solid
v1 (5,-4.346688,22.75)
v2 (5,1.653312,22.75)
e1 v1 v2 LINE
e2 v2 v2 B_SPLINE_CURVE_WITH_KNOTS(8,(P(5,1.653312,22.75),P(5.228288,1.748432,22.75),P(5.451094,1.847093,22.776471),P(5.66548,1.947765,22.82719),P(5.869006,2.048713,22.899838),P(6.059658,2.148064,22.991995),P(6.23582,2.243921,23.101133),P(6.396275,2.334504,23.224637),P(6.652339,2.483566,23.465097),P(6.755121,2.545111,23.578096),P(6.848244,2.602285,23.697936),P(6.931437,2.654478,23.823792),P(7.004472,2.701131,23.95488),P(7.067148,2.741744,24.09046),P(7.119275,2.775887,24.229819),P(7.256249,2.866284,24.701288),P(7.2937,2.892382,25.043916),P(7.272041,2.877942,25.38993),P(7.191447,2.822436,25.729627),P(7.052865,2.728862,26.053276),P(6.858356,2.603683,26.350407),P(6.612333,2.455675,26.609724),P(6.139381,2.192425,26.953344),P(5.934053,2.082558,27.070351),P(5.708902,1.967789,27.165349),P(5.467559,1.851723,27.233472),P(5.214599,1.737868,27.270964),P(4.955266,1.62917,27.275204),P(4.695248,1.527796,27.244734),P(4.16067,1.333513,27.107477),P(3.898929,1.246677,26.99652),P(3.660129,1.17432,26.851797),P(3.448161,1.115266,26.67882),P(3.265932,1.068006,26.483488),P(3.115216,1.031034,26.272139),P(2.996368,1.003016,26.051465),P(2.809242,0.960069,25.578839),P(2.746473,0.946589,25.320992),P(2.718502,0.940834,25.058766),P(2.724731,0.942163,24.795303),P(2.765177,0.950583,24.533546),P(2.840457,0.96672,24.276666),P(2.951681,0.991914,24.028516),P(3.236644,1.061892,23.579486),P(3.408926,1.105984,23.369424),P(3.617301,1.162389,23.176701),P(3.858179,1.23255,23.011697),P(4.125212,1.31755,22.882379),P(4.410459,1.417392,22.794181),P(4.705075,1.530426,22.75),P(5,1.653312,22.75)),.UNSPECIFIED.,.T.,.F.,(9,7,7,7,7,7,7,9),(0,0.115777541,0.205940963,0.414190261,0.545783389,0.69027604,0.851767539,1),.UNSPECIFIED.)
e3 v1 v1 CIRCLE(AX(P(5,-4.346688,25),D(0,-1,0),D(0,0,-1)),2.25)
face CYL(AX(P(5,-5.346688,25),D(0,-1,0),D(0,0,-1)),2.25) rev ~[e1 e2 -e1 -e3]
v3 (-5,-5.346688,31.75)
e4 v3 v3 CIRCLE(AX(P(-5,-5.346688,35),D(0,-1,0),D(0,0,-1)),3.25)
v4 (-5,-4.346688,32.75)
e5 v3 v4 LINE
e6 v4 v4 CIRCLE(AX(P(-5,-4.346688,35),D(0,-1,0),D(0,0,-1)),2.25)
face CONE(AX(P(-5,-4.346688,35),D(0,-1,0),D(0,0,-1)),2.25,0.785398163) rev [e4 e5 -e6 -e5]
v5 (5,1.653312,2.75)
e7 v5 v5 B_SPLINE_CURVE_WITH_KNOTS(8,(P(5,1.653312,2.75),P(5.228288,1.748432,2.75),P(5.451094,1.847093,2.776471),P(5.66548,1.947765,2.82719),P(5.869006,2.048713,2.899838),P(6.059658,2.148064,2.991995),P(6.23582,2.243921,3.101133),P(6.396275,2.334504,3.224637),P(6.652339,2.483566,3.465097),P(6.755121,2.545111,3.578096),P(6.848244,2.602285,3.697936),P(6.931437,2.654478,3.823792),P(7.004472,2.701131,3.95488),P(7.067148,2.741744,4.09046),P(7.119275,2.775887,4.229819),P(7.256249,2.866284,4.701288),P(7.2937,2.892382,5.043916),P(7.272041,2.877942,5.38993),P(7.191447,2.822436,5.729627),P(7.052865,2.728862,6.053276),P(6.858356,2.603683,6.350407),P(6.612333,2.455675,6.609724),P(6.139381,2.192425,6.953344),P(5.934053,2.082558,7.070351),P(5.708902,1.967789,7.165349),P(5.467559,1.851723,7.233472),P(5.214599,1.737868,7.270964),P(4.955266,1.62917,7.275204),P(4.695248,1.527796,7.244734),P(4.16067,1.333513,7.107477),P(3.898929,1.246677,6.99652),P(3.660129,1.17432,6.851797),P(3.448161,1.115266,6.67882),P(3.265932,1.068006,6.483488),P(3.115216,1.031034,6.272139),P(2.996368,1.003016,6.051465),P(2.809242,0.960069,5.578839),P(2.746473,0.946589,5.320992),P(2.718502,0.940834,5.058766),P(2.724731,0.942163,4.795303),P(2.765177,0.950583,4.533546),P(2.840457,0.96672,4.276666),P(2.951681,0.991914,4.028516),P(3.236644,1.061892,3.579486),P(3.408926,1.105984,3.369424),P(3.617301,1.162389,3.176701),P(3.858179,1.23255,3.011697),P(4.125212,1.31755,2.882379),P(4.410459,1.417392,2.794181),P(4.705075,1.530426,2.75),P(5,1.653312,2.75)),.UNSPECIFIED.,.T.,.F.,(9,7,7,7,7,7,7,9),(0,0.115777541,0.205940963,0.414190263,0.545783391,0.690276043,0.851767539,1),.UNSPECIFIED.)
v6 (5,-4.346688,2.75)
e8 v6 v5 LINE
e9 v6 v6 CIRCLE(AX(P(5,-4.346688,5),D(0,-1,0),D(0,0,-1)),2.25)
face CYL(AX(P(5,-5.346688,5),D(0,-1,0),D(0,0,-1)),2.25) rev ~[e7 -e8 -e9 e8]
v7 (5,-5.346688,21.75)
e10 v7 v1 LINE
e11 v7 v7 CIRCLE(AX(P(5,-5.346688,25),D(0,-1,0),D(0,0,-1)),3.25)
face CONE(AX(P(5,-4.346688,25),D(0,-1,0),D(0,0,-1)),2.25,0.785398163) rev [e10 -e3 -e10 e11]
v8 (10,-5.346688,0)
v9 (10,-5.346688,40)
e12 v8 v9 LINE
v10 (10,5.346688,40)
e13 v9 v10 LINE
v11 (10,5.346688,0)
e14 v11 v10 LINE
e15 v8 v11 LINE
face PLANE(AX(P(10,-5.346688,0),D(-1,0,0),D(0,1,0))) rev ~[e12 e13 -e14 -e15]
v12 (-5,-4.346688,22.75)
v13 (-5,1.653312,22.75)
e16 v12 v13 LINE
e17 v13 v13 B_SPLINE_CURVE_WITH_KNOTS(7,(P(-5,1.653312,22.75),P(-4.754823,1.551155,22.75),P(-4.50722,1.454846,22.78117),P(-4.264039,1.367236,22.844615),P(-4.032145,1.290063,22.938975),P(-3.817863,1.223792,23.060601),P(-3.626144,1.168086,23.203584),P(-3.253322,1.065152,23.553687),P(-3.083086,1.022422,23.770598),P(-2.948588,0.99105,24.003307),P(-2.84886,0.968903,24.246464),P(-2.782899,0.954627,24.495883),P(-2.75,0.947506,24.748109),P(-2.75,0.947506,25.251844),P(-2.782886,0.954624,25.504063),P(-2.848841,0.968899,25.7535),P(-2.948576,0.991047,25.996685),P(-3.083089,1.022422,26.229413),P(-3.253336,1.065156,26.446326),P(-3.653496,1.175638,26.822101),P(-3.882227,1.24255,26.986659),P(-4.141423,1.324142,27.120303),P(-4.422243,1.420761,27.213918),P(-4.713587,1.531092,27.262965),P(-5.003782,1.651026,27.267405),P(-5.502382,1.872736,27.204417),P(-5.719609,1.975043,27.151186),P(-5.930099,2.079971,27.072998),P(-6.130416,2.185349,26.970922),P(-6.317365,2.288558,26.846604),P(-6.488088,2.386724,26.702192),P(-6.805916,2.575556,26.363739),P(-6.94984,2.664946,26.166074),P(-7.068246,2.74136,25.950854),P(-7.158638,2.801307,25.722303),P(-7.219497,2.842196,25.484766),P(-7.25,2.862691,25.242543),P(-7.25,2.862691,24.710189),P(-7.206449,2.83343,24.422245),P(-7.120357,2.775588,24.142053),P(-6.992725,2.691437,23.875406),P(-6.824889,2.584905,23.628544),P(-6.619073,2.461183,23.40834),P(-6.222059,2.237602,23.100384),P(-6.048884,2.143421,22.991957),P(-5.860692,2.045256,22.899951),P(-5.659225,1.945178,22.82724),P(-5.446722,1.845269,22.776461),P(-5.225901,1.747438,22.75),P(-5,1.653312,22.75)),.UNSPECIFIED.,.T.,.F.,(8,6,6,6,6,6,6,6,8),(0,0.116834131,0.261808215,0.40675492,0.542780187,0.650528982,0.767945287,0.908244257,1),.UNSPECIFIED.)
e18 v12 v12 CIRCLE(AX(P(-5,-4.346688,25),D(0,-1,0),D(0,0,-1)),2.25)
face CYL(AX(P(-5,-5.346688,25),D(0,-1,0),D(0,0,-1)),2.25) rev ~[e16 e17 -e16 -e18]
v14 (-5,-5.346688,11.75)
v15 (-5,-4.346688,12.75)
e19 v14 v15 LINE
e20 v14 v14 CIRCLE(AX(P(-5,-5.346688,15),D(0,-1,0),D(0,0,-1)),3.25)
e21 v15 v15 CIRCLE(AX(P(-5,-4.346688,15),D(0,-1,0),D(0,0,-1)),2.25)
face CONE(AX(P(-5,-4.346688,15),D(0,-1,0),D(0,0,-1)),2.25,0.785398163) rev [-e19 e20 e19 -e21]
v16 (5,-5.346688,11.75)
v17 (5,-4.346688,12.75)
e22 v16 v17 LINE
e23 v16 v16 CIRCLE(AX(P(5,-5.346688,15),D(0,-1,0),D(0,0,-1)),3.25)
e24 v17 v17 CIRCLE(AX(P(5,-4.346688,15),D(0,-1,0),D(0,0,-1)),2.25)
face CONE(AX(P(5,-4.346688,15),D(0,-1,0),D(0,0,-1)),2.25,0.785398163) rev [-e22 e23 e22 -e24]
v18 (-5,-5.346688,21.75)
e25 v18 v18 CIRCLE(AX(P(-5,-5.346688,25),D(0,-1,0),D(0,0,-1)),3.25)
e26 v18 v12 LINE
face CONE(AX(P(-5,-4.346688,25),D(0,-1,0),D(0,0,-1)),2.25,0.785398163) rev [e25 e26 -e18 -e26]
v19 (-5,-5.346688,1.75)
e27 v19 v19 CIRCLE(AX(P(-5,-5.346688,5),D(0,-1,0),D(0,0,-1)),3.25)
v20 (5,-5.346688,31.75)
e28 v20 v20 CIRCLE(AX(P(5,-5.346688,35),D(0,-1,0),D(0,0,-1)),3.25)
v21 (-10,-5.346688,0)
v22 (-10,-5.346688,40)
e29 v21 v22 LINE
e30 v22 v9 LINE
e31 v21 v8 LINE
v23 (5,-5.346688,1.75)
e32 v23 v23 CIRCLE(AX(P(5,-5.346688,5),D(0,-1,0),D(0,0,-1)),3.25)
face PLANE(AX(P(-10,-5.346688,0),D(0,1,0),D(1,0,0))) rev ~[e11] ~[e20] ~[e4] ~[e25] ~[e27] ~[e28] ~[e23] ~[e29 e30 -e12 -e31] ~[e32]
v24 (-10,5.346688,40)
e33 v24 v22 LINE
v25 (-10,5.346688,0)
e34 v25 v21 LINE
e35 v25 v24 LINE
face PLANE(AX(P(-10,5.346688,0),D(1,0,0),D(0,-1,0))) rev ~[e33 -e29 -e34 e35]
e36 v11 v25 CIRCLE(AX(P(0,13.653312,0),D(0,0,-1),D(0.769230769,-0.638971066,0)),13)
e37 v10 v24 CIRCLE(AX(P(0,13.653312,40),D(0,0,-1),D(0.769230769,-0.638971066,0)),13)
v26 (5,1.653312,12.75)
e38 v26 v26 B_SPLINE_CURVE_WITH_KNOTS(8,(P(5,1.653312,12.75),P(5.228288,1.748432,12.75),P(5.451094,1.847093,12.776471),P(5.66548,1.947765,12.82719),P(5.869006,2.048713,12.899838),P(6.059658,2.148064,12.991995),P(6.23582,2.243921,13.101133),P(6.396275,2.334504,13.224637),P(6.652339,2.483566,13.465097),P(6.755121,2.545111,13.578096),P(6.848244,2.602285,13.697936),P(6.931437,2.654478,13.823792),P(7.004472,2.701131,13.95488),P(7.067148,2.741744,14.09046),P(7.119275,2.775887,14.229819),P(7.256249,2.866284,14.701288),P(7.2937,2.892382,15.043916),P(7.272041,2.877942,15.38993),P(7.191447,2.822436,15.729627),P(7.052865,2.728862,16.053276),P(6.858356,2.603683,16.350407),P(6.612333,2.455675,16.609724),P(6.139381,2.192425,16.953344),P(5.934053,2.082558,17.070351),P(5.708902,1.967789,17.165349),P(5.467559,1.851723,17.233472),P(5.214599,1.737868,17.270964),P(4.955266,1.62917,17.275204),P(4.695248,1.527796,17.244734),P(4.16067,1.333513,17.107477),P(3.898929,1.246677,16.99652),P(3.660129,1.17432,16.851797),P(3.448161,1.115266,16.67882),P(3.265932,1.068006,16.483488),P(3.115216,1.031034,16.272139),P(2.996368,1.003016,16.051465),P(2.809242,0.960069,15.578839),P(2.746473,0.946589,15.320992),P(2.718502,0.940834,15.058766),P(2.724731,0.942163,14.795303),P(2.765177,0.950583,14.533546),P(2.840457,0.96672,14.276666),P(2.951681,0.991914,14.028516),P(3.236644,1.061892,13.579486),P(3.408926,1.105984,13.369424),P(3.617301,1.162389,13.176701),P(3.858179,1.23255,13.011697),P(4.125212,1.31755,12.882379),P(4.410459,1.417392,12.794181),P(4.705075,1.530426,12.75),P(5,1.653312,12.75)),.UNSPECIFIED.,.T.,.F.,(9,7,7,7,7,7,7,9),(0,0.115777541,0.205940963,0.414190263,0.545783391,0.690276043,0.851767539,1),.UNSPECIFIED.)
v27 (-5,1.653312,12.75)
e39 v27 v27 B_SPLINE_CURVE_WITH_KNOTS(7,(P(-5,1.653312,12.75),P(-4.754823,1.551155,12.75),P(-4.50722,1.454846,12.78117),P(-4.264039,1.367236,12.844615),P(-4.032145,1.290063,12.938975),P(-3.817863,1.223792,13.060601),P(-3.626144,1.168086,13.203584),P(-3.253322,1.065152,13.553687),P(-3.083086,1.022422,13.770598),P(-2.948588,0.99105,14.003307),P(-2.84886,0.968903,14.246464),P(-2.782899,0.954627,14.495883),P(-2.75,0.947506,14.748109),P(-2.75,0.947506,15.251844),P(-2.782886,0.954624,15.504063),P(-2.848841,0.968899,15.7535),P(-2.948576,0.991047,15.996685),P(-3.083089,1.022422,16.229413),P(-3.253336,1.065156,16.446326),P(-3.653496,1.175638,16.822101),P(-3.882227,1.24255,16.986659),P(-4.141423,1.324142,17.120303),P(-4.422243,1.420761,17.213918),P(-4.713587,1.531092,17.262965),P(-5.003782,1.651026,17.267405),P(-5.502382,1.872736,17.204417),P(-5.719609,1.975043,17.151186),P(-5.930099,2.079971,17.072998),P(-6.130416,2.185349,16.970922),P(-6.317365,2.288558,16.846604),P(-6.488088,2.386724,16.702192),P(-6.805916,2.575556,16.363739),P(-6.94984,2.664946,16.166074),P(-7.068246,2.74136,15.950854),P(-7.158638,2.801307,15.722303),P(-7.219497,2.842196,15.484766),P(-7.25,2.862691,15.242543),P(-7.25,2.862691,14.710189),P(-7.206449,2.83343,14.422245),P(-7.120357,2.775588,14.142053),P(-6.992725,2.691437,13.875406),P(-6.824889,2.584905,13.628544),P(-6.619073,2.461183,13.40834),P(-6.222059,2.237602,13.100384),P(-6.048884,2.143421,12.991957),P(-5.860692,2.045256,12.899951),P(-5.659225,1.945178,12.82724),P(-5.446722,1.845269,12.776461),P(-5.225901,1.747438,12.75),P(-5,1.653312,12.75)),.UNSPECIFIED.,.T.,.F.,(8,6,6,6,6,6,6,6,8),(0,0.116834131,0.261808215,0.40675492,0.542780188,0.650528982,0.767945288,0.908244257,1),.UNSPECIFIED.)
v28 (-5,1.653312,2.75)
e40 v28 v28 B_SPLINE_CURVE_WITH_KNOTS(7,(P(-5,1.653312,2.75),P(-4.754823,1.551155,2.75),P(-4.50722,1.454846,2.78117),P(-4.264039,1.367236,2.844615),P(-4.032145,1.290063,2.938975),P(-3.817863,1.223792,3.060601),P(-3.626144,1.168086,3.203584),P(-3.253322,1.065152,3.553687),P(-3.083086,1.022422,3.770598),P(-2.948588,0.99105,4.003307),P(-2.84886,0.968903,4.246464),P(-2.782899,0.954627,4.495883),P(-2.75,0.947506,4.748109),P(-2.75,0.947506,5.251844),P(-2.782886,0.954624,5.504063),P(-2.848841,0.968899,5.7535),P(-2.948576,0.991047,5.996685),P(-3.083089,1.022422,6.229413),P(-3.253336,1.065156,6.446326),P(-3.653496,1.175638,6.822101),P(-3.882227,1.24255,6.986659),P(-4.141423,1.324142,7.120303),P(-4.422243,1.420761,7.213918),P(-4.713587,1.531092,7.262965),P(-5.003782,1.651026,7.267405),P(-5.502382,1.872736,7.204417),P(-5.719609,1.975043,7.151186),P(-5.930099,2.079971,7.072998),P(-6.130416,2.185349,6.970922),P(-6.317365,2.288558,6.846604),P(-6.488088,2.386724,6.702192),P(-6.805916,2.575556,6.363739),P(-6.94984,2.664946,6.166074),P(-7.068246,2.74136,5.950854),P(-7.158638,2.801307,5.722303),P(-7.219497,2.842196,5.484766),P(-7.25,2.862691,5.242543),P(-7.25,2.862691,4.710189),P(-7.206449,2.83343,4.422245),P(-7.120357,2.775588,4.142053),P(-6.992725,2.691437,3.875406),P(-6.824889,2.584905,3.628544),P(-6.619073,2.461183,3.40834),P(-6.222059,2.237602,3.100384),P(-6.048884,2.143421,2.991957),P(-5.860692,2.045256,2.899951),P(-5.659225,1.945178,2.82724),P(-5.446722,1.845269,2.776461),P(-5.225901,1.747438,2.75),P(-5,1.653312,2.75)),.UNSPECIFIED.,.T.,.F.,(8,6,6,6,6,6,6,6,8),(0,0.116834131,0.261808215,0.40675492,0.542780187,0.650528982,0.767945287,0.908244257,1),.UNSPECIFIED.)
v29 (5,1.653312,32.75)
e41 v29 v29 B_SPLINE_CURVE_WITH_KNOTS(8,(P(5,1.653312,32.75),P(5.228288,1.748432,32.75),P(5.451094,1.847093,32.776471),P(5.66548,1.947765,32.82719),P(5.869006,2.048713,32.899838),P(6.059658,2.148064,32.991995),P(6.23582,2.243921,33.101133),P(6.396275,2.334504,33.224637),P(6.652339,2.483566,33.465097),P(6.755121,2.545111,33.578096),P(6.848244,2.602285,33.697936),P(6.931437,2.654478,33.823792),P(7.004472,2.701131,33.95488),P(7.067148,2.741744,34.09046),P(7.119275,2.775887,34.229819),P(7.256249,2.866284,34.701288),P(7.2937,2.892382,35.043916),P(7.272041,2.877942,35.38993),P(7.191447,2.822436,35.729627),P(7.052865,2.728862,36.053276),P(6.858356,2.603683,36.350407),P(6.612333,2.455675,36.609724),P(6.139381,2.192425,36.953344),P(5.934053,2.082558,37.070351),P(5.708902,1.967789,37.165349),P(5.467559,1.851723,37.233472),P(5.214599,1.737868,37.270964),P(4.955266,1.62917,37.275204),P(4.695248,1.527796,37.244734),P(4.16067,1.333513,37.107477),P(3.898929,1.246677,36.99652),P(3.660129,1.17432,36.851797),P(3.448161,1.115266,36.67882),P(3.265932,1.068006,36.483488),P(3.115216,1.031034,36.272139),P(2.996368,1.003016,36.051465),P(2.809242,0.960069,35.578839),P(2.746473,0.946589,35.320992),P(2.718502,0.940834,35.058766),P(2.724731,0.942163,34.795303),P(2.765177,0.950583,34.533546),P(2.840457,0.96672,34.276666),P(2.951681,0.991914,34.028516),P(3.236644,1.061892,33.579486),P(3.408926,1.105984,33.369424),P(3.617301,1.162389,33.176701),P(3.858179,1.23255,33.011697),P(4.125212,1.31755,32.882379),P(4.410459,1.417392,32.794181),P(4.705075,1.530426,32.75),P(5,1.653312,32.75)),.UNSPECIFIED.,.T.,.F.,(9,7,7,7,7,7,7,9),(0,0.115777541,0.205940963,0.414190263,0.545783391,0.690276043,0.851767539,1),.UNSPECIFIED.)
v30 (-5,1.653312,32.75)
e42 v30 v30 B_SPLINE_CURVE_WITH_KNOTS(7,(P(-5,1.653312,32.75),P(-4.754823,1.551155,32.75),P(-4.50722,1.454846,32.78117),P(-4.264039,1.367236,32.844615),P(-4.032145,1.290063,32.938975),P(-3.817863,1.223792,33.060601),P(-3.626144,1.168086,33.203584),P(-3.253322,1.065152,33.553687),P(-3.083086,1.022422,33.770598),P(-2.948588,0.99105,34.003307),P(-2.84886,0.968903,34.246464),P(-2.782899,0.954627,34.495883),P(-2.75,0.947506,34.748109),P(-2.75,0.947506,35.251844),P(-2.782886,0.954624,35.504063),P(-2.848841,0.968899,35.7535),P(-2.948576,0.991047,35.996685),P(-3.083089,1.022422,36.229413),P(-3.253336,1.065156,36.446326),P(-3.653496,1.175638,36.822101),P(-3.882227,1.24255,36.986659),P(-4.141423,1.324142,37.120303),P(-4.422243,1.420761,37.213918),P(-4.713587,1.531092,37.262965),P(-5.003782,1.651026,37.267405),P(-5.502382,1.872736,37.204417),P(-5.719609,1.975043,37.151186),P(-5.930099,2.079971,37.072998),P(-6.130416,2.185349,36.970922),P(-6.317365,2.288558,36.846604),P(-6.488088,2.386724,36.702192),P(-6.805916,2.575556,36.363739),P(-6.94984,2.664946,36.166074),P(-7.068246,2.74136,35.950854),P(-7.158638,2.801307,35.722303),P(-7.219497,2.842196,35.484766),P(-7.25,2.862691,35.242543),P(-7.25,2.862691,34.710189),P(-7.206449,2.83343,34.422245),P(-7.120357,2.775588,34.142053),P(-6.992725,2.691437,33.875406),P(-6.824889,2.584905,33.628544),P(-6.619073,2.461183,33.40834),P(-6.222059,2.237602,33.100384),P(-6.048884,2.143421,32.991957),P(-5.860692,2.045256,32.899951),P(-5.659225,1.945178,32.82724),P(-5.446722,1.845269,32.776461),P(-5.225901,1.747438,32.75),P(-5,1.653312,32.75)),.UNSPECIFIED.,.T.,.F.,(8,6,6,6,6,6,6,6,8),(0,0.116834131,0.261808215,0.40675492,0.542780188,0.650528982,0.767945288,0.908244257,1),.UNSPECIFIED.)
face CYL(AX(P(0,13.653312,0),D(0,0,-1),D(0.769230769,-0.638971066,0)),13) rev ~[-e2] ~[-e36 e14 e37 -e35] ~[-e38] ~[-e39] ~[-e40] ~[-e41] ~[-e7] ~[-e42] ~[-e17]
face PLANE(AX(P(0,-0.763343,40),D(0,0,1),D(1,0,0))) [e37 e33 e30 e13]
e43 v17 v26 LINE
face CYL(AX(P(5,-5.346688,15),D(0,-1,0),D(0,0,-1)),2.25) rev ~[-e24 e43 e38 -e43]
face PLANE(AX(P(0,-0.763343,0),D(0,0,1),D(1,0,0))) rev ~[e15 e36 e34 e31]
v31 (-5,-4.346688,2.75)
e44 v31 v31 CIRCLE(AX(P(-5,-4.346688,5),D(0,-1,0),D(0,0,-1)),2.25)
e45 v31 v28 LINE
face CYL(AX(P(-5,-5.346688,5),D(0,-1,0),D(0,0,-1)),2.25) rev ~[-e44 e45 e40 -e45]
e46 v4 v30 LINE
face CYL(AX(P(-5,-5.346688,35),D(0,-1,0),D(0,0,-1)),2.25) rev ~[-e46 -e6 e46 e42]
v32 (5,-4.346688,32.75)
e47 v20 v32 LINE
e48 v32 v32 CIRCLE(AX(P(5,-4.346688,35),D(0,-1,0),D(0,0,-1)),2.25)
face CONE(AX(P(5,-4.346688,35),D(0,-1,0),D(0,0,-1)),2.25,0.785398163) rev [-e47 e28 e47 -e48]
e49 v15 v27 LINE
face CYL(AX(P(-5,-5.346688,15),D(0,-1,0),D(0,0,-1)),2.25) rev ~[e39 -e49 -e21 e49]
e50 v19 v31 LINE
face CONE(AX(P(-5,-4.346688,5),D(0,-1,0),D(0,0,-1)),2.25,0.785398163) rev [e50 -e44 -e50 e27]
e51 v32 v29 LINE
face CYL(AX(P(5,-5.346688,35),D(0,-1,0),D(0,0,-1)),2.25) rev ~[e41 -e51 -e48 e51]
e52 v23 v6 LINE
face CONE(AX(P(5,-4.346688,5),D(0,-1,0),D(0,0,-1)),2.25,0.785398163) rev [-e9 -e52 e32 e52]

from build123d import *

# Parameters (mm, degrees)
BOSS_EXTRUDE1_DEPTH = 40
SKETCH2_R           = 2.25
CUT_EXTRUDE1_DEPTH  = 43.595167487
CHAMFER1_SIZE       = 1


with BuildPart() as part:
    # Sketch1 → Boss-Extrude1 (new body)
    with BuildSketch(Plane.XY):
        with BuildLine():
            Line((-10, -5.346688069), (10, -5.346688069))
            Line((10, -5.346688069), (10, 5.346688069))
            ThreePointArc((10, 5.346688069), (0, 0.653311931), (-10, 5.346688069))
            Line((-10, 5.346688069), (-10, -5.346688069))
        make_face()
    extrude(amount=BOSS_EXTRUDE1_DEPTH)

    # Sketch2 → Cut-Extrude1 (cut, through all)
    with BuildSketch(Plane.XZ.offset(5.346688069)):
        with Locations(Location((5, 5, 0), (0, 0, 270))):
            Circle(SKETCH2_R)
        with Locations(Location((-5, 5, 0), (0, 0, 270))):
            Circle(SKETCH2_R)
        with Locations(Location((-5, 15, 0), (0, 0, 270))):
            Circle(SKETCH2_R)
        with Locations(Location((5, 15, 0), (0, 0, 270))):
            Circle(SKETCH2_R)
        with Locations(Location((-5, 25, 0), (0, 0, 270))):
            Circle(SKETCH2_R)
        with Locations(Location((5, 25, 0), (0, 0, 270))):
            Circle(SKETCH2_R)
        with Locations(Location((-5, 35, 0), (0, 0, 270))):
            Circle(SKETCH2_R)
        with Locations(Location((5, 35, 0), (0, 0, 270))):
            Circle(SKETCH2_R)
    extrude(amount=-CUT_EXTRUDE1_DEPTH, mode=Mode.SUBTRACT)

    # Chamfer1
    chamfer1_edges = [part.edges().sort_by_distance(p)[0] for p in [
        (5, -5.346688069, 27.25),
        (-5, -5.346688069, 17.25),
        (5, -5.346688069, 17.25),
        (-5, -5.346688069, 7.25),
        (-5, -5.346688069, 37.25),
        (5, -5.346688069, 37.25),
        (-5, -5.346688069, 27.25),
        (5, -5.346688069, 7.25),
    ]]
    chamfer(chamfer1_edges, length=CHAMFER1_SIZE)


solid = part.part
